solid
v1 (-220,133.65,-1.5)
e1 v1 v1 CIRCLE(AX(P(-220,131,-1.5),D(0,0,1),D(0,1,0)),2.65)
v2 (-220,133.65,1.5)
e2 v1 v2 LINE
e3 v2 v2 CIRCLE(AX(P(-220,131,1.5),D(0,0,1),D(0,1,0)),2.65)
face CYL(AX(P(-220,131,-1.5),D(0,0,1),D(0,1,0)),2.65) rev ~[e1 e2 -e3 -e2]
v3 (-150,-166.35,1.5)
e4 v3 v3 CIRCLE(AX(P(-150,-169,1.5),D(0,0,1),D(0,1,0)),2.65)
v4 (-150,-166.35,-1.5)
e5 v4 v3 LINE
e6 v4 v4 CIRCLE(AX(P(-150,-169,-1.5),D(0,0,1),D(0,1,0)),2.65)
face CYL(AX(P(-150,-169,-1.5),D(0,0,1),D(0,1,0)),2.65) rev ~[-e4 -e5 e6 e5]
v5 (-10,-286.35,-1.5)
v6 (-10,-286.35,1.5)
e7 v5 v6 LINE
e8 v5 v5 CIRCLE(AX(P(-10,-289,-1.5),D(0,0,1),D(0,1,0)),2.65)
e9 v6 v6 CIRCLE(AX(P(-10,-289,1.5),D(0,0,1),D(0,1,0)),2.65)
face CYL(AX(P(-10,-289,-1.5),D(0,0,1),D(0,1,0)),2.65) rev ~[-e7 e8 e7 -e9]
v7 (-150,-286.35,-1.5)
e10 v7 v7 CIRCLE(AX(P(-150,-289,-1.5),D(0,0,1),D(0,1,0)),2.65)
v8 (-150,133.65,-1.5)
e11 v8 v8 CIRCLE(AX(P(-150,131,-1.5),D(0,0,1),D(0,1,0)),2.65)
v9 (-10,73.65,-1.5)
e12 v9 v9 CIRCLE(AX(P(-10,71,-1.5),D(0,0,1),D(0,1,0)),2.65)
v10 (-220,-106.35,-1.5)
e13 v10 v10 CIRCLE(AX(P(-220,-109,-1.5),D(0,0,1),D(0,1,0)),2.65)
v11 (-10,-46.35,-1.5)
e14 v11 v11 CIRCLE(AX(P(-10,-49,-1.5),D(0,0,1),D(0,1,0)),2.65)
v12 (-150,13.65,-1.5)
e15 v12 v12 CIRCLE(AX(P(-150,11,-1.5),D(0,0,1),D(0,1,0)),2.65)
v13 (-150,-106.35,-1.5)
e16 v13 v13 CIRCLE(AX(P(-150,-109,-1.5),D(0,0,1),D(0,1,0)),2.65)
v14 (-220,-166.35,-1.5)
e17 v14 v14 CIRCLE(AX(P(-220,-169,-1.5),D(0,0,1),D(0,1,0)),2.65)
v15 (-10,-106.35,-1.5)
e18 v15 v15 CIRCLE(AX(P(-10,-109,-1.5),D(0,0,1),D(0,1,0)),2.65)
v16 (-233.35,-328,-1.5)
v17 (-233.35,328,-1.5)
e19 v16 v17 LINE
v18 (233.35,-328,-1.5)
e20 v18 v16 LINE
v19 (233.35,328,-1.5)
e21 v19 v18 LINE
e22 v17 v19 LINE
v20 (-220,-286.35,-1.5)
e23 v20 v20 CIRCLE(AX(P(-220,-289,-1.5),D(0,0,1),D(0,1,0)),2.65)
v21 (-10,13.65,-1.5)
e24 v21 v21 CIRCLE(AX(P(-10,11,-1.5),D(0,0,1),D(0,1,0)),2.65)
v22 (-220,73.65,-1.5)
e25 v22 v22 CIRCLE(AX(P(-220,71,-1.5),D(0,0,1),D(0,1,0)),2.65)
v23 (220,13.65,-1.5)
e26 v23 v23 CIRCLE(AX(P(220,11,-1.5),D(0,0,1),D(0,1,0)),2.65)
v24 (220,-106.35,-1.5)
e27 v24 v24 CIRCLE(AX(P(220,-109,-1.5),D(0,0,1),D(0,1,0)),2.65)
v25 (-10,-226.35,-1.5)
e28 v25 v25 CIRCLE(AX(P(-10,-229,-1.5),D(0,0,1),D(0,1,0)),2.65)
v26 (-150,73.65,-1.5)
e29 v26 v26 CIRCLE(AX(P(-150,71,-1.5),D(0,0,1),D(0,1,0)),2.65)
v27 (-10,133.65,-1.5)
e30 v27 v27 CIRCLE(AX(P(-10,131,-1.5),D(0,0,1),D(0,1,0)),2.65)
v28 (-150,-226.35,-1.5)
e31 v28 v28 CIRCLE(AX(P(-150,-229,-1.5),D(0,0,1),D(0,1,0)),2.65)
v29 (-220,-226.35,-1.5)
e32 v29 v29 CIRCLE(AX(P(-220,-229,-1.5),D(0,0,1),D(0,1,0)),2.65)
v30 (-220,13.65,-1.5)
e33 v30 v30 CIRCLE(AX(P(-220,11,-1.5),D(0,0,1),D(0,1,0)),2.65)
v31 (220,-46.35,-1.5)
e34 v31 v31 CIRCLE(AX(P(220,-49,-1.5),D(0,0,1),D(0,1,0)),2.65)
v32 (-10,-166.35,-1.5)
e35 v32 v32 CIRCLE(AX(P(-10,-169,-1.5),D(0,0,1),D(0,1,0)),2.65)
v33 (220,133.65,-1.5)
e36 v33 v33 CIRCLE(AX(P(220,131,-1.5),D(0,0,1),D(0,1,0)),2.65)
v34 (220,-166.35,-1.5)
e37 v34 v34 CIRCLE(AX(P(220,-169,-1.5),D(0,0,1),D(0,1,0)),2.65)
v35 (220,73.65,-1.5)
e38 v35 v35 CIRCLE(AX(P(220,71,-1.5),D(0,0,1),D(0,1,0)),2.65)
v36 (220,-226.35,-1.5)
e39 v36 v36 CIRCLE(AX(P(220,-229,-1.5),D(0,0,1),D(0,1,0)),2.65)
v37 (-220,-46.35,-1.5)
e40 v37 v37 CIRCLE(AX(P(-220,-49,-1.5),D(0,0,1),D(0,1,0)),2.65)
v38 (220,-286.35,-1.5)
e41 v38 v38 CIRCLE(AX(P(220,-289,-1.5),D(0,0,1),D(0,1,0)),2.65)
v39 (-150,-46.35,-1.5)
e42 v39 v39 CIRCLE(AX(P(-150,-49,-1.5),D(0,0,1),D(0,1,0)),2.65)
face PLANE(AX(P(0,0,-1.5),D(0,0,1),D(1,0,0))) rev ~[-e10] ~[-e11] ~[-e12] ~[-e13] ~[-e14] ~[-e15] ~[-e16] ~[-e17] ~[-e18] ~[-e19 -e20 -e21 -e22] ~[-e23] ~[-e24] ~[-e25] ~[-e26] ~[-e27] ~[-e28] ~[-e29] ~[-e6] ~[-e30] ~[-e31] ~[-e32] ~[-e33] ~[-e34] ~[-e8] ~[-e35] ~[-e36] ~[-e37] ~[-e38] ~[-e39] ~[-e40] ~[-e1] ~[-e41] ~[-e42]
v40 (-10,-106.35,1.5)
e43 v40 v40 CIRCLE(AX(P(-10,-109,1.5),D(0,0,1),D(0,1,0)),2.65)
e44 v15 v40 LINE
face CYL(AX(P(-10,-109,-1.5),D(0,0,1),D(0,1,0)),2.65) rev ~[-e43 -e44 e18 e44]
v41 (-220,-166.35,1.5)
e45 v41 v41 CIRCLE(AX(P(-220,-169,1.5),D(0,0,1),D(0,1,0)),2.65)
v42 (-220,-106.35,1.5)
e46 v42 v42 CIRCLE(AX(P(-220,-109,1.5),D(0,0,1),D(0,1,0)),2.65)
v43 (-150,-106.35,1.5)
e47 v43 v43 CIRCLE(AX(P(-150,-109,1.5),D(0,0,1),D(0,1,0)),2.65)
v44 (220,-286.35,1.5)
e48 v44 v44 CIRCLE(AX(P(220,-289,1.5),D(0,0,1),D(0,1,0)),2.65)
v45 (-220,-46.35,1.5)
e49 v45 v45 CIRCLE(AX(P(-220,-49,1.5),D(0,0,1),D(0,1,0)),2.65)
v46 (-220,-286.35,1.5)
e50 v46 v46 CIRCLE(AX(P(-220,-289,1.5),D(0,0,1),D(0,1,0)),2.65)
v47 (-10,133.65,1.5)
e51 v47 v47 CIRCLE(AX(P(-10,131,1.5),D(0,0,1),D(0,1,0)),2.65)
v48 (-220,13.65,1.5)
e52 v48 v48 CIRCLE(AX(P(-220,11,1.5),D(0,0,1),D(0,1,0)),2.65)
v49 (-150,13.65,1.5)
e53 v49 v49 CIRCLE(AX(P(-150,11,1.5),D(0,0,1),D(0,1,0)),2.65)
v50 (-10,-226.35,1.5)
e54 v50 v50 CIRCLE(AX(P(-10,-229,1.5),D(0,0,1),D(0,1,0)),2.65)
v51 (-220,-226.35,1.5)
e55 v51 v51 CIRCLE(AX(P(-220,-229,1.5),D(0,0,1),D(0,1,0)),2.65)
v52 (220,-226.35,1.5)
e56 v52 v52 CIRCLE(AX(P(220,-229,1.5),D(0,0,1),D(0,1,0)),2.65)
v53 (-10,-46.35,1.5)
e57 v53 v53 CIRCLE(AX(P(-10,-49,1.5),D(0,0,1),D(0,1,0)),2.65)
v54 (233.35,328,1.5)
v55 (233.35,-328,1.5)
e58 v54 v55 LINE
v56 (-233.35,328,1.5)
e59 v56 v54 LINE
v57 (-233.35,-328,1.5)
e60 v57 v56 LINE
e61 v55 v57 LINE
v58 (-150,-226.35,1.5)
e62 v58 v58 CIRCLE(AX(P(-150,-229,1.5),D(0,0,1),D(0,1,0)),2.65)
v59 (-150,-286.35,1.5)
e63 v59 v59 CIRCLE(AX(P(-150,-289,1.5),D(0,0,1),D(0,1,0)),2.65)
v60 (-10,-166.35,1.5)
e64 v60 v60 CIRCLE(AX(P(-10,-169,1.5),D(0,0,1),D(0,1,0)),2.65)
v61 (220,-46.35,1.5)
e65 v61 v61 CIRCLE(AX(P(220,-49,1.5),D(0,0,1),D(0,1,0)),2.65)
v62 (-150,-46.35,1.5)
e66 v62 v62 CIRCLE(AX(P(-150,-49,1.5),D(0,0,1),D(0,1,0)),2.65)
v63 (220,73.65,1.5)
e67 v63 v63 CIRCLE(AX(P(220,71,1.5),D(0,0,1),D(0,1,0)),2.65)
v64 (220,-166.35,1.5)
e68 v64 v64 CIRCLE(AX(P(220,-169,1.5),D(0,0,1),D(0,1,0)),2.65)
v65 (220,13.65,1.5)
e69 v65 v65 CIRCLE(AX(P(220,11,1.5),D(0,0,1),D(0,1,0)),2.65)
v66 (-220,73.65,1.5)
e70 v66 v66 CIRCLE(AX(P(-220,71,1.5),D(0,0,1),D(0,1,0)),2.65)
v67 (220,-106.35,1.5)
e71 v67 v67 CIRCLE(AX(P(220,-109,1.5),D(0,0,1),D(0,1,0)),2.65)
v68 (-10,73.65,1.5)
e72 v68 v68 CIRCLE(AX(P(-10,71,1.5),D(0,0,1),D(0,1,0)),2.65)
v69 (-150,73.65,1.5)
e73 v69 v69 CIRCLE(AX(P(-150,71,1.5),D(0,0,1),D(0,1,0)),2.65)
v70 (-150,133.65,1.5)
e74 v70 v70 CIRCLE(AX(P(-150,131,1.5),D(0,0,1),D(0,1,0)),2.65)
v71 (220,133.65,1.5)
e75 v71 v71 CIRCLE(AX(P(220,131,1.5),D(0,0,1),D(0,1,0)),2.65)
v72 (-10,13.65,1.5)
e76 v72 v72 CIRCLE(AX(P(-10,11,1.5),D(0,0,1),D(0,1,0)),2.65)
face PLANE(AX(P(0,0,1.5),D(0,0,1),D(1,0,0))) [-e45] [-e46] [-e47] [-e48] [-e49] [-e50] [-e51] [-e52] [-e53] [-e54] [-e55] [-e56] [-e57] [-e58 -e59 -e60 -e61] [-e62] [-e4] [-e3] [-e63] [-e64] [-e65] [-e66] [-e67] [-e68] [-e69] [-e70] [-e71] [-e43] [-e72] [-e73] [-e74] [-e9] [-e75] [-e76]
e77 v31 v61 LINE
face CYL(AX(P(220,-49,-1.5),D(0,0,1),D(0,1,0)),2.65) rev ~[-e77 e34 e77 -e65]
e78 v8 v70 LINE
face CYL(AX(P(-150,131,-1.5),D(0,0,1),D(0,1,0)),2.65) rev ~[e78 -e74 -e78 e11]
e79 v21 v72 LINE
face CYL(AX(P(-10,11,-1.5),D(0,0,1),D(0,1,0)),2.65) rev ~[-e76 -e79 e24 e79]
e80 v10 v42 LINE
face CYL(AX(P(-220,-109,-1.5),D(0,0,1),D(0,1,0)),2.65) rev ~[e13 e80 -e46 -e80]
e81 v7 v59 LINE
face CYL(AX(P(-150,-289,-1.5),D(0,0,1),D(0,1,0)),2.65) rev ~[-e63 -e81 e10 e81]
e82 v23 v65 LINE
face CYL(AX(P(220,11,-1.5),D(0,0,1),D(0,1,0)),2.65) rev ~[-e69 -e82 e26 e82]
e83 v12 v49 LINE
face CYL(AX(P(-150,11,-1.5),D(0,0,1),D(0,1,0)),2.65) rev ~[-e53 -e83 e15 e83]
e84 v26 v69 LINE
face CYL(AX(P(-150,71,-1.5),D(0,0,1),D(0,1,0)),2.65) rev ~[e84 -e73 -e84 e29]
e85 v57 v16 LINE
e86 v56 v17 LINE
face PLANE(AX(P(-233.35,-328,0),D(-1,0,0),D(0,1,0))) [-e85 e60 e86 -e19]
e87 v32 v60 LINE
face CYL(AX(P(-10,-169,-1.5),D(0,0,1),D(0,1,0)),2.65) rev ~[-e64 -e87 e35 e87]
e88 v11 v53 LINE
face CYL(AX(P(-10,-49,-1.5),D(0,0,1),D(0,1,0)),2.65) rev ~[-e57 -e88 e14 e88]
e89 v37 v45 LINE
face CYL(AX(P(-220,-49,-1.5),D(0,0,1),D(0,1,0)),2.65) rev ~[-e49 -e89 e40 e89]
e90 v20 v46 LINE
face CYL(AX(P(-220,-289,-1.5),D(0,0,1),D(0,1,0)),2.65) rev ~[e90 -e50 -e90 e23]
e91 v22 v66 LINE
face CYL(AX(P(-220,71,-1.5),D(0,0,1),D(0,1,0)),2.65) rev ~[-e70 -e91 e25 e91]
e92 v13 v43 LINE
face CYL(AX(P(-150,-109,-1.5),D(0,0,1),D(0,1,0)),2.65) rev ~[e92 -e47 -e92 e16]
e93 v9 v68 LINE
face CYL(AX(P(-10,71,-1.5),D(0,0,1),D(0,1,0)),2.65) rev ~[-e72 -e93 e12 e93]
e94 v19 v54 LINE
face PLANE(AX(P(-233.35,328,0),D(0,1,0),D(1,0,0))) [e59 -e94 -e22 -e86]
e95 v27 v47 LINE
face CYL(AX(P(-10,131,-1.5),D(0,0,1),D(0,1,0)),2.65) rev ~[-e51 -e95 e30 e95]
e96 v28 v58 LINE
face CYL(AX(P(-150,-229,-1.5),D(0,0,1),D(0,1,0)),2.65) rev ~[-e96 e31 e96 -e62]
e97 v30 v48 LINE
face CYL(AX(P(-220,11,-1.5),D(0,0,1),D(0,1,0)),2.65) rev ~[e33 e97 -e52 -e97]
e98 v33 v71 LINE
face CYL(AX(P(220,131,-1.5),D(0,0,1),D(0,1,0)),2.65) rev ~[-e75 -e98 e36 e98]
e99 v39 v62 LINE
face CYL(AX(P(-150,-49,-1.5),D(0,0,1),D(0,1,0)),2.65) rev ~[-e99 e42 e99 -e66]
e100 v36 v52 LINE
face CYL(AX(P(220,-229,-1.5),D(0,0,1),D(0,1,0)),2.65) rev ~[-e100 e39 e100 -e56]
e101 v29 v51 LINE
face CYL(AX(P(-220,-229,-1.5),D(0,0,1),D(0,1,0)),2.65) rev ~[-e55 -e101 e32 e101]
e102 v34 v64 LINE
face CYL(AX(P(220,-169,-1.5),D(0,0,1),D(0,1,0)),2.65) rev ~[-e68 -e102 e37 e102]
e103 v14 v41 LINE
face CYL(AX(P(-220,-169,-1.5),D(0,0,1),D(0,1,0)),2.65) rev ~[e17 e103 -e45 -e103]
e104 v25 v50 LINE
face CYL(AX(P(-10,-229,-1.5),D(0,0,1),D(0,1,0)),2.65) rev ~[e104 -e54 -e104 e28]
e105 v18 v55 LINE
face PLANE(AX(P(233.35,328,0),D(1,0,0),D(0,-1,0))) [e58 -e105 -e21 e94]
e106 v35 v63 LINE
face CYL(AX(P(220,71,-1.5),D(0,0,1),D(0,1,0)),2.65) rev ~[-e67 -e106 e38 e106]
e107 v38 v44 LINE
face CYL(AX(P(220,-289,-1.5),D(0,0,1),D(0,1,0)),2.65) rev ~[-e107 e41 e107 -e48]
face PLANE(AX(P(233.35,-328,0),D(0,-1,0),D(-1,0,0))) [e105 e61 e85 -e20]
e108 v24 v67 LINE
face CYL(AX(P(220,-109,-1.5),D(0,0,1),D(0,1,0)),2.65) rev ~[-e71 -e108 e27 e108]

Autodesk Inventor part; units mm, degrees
ref_plane "YZ Plane" through (0, 0, 0) normal (1, 0, 0) x (0, 1, 0)
ref_plane "XZ Plane" through (0, 0, 0) normal (0, 1, 0) x (-1, 0, 0)
ref_plane "XY Plane" through (0, 0, 0) normal (0, 0, 1) x (1, 0, 0)
sketch "Sketch1" plane through (0, 0, 0) normal (0, 0, 1) x (1, 0, 0)
  line L0 (233.35, -328) -> (-233.35, -328)
  line L1 (-233.35, -328) -> (-233.35, 328)
  line L2 (-233.35, 328) -> (233.35, 328)
  line L3 (233.35, 328) -> (233.35, -328)
  line L4 (233.35, -328) -> (-233.35, 328) construction
  line L5 (-233.35, -328) -> (233.35, 328) construction
  point P0 (0, 0)
  dimension "d0" = 466.7
  dimension "d1" = 656
extrude "Extrusion1" add sketch "Sketch1" along normal mid plane 3
sketch "Sketch2" plane through (0, 0, -1.5) normal (0, 0, -1) x (-1, 0, 0)
  line L0 (220, -289) -> (-220, -289) construction
  line L1 (-220, -289) -> (-220, 191) construction
  line L2 (-220, 191) -> (220, 191) construction
  line L3 (220, 191) -> (220, -289) construction
  line L4 (220, -289) -> (-220, 191) construction
  line L5 (-220, -289) -> (220, 191) construction
  line L6 (-233.35, -328) -> (233.35, -328) construction
  line L7 (150, -289) -> (150, 191) construction
  line L8 (10, -289) -> (10, 191) construction
  point P0 (0, 0)
  point P1 (0, -49)
  point P2 (-220, -229)
  point P3 (10, -229)
  point P4 (150, -229)
  point P5 (220, -229)
  point P6 (-220, -169)
  point P7 (10, -169)
  point P8 (150, -169)
  point P9 (220, -169)
  point P10 (-220, -109)
  point P11 (10, -109)
  point P12 (150, -109)
  point P13 (220, -109)
  point P14 (-220, -49)
  point P15 (10, -49)
  point P16 (150, -49)
  point P17 (220, -49)
  point P18 (-220, 11)
  point P19 (10, 11)
  point P20 (150, 11)
  point P21 (220, 11)
  point P22 (-220, 71)
  point P23 (10, 71)
  point P24 (150, 71)
  point P25 (220, 71)
  point P26 (-220, 131)
  point P27 (10, 131)
  point P28 (150, 131)
  point P29 (220, 131)
  dimension "d8" = 440
  dimension "d9" = 39
  dimension "d25" = 480
  dimension "d26" = 70
  dimension "d27" = 210
  dimension "d30" = 60
hole "Hole2" at (220, -289, -1.5) at (-220, -289, -1.5) at (-10, -289, -1.5) at (-150, -289, -1.5) at (220, -229, -1.5) at (-10, -229, -1.5) at (-150, -229, -1.5) at (-220, -229, -1.5) at (220, -169, -1.5) at (-10, -169, -1.5) at (-150, -169, -1.5) at (-220, -169, -1.5) at (220, -109, -1.5) at (-10, -109, -1.5) at (-150, -109, -1.5) at (-220, -109, -1.5) at (220, -49, -1.5) at (-10, -49, -1.5) at (-150, -49, -1.5) at (-220, -49, -1.5) at (220, 11, -1.5) at (-10, 11, -1.5) at (-150, 11, -1.5) at (-220, 11, -1.5) at (220, 71, -1.5) at (-10, 71, -1.5) at (-150, 71, -1.5) at (-220, 71, -1.5) at (220, 131, -1.5) at (-10, 131, -1.5) at (-150, 131, -1.5) at (-220, 131, -1.5) direction (0, 0, 1) diameter 5.3 end through all
properties part number "Side Panel" material "PET Plastic"
